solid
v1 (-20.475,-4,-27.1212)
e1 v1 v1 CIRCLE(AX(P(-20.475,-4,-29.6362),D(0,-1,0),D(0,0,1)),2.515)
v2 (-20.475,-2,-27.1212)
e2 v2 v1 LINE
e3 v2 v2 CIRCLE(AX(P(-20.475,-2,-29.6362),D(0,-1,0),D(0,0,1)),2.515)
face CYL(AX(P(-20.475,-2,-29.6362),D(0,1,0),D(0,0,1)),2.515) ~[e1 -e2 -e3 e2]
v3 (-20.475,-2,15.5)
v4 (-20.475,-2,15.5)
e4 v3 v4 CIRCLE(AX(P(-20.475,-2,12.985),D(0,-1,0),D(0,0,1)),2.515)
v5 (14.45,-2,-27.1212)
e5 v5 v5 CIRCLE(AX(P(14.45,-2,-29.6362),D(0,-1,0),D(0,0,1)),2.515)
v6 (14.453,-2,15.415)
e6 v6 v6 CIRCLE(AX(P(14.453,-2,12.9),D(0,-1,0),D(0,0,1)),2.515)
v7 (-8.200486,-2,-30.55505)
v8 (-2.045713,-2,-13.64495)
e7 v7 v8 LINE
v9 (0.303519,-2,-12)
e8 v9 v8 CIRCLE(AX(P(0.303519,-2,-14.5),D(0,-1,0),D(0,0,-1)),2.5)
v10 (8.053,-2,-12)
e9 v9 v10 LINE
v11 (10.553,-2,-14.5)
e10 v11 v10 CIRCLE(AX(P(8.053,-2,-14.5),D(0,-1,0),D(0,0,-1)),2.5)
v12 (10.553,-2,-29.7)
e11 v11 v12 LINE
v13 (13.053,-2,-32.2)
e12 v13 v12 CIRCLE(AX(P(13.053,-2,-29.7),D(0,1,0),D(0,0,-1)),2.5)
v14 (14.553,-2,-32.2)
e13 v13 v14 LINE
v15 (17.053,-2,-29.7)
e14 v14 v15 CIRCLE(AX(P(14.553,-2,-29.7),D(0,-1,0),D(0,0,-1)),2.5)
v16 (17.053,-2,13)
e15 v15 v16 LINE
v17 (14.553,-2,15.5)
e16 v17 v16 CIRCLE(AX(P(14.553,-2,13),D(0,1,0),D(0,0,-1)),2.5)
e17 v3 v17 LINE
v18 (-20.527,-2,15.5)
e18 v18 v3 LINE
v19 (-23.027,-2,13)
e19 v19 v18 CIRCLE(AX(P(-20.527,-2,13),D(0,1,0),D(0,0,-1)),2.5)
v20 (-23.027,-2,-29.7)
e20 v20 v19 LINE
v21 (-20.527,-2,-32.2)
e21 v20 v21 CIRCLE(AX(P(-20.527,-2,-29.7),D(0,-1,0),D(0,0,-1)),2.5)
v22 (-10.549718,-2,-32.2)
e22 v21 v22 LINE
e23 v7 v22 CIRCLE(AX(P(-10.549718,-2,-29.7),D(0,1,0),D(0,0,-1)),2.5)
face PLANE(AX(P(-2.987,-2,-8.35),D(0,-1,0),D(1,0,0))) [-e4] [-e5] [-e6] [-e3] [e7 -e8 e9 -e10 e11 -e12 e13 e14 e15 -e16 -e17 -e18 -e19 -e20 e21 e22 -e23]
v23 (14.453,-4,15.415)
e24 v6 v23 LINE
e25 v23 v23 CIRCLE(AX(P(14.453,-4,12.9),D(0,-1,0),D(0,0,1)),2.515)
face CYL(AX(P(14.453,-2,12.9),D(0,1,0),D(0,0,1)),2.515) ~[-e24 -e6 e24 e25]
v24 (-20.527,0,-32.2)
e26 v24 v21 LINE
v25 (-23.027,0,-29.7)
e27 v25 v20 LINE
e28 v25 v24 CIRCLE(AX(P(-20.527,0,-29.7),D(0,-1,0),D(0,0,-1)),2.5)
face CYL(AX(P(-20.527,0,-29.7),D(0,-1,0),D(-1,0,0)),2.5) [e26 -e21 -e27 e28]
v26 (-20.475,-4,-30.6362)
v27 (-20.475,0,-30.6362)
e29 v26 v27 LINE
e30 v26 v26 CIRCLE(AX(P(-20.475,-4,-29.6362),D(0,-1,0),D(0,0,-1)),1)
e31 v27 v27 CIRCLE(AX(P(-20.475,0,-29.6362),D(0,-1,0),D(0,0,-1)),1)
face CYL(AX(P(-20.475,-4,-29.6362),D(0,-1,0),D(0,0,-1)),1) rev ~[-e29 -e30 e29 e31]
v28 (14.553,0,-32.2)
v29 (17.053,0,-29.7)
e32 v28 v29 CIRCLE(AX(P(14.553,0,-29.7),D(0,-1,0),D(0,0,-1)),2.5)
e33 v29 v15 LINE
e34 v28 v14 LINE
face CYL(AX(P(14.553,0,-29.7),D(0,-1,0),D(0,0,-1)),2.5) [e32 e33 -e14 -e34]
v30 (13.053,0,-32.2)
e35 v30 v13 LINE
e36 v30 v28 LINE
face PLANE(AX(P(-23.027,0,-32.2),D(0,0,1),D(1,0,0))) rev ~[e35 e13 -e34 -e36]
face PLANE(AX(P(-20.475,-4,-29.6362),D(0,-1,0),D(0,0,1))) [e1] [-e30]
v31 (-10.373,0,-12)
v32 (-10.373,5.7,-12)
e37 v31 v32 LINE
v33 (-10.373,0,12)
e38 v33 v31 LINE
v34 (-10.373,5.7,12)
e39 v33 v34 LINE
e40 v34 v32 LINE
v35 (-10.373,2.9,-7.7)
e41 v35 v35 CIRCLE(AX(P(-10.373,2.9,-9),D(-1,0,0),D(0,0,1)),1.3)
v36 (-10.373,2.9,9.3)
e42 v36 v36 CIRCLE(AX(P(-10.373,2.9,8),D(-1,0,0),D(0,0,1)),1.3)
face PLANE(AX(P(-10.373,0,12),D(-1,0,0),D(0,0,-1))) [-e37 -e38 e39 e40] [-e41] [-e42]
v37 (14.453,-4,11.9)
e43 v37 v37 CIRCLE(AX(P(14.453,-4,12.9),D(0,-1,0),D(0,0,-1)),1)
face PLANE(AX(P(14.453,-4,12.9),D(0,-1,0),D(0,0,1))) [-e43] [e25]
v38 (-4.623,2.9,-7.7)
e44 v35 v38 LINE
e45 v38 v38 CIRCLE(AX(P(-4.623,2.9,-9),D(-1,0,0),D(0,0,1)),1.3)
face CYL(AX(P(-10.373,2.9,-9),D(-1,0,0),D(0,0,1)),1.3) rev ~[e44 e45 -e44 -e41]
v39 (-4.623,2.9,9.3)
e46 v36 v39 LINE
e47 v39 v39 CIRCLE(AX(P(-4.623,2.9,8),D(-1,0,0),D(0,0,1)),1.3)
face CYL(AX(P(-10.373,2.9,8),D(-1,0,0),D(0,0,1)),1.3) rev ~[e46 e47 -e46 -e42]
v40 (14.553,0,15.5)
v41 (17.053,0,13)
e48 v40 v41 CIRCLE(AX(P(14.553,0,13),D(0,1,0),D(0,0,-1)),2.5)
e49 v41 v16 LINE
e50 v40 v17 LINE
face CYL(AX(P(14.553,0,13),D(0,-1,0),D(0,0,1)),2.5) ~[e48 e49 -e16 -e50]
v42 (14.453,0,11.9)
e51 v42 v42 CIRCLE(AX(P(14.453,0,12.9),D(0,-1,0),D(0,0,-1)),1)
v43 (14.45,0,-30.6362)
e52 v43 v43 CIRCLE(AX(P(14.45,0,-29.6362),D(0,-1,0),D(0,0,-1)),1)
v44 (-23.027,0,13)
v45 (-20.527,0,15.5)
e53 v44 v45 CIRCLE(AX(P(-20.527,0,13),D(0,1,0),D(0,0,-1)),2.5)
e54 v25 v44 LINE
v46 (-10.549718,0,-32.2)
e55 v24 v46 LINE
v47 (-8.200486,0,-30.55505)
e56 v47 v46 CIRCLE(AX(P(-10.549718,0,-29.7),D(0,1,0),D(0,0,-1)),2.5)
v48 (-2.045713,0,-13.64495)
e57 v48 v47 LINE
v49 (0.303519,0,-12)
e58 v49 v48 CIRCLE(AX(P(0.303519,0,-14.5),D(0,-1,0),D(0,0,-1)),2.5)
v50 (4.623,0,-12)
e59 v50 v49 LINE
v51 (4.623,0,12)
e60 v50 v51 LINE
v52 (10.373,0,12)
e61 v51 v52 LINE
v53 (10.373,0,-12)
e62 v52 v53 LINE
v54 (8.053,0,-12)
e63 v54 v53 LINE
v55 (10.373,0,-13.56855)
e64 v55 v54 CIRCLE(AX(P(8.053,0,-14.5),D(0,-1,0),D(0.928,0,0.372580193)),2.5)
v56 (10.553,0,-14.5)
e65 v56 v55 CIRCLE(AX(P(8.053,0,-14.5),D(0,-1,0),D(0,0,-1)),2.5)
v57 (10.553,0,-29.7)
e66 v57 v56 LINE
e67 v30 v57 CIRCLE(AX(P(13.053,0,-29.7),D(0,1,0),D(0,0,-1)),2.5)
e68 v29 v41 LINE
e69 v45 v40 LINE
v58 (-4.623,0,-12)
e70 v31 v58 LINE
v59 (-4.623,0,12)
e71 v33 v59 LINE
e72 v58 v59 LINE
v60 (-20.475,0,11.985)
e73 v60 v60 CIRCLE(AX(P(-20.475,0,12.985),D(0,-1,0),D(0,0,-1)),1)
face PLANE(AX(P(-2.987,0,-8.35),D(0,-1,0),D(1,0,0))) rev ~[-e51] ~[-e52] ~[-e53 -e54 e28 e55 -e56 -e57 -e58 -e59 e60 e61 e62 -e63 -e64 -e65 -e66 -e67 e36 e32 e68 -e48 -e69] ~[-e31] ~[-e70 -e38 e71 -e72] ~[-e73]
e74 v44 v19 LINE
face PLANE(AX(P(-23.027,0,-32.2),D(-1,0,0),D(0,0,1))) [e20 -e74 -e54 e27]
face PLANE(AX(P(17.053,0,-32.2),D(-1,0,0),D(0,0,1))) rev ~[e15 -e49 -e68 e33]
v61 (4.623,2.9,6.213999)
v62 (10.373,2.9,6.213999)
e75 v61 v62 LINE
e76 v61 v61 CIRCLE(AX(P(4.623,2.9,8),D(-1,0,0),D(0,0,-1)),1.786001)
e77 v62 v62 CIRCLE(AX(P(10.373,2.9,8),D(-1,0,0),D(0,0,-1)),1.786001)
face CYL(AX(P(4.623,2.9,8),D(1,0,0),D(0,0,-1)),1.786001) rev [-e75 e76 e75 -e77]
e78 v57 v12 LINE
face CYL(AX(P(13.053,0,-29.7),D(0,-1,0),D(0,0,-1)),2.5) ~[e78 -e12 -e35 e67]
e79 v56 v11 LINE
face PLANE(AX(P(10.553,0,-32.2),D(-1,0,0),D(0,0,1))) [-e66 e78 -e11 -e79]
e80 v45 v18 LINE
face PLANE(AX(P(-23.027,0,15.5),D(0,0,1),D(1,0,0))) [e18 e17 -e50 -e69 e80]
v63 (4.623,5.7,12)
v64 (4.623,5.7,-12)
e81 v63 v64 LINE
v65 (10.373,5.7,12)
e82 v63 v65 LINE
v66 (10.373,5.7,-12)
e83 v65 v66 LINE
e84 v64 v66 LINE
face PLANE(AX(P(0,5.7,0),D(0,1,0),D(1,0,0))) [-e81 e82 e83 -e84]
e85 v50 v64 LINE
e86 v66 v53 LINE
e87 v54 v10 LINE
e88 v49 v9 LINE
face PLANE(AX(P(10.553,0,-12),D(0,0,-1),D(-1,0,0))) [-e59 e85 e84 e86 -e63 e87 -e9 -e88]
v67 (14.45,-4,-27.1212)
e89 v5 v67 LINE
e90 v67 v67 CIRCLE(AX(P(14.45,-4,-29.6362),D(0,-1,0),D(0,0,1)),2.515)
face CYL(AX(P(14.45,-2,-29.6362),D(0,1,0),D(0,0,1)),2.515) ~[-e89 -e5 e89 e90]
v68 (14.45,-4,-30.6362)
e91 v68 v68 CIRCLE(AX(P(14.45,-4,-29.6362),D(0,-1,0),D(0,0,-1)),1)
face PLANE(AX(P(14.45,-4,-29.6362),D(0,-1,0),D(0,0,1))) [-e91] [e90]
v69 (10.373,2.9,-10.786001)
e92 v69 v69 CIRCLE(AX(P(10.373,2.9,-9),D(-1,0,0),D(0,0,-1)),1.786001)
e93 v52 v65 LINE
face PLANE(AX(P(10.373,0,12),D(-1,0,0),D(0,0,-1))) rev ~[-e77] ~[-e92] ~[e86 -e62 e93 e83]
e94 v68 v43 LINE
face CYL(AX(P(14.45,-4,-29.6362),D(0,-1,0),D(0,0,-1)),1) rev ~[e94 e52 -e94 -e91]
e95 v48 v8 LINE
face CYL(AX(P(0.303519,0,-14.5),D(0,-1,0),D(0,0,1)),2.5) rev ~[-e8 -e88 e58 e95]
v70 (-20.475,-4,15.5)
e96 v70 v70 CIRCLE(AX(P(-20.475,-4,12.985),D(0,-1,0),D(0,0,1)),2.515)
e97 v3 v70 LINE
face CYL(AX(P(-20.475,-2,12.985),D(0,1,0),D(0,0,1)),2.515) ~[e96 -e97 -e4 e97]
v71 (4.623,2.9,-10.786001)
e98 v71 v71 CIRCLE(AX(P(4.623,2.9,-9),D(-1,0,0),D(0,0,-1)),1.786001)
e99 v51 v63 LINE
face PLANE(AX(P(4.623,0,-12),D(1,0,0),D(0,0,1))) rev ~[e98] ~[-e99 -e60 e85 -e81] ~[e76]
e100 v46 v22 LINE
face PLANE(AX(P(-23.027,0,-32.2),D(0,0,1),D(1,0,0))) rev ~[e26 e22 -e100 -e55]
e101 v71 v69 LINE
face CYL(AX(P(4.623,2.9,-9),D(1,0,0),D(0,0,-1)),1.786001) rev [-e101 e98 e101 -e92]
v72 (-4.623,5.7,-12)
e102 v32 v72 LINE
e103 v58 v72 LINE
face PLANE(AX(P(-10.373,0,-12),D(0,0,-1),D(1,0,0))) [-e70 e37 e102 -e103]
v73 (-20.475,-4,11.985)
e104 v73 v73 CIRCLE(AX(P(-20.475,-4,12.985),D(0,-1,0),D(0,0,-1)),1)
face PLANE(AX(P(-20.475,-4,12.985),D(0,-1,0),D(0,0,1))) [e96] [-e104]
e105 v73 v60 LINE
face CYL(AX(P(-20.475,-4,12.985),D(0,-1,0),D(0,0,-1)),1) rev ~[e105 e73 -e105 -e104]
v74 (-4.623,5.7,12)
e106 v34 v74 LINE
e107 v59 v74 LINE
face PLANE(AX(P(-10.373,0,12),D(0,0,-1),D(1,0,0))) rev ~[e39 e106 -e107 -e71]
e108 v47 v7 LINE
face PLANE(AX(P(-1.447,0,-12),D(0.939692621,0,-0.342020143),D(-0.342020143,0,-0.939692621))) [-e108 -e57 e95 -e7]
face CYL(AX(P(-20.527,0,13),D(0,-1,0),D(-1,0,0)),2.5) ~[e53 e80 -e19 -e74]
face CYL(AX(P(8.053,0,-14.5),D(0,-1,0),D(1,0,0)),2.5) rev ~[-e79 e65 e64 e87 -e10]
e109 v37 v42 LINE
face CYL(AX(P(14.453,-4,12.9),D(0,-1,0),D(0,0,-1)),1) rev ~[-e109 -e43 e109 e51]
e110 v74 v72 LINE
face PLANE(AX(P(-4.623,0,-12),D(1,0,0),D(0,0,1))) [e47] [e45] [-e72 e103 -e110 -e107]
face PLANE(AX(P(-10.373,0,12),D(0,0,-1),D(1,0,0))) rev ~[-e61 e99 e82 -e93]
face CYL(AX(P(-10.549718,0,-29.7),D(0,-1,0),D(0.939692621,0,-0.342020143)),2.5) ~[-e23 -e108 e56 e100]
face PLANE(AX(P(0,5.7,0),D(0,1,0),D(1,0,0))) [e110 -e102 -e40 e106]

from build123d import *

# Parameters (mm, degrees)
SKETCH1_W                                = 20.746
SKETCH1_H                                = 24
BOSS_EXTRUDE1_DEPTH                      = 5.7
SKETCH9_W                                = 9.246
SKETCH9_H                                = 24
CUT_EXTRUDE3_DEPTH                       = 17.854943755
F_9_64_0_14063_DIAMETER_HOLE1_AT_2_COUNT = 2
F_9_64_0_14063_DIAMETER_HOLE1_AT_2_PITCH = 17
SKETCH8_R                                = 1.3
CUT_EXTRUDE2_DEPTH                       = 5.75
SKETCH10_W                               = 40.08
SKETCH10_H                               = 47.7
BOSS_EXTRUDE2_DEPTH                      = 2
SKETCH11_R                               = 2.515
BOSS_EXTRUDE3_DEPTH                      = 2
SKETCH12_R                               = 1
CUT_EXTRUDE4_DEPTH                       = 41.757486785
FILLET2_R                                = 2.5
CUT_EXTRUDE5_DEPTH                       = 40.994658756
FILLET3_R                                = 2.5
CUT_EXTRUDE6_DEPTH                       = 5.7


with BuildPart() as part:
    # Sketch1 → Boss-Extrude1 (new body)
    with BuildSketch(Plane(origin=(0, 0, 0), x_dir=(1, 0, 0), z_dir=(0, 1, 0))):
        Rectangle(SKETCH1_W, SKETCH1_H)
    extrude(amount=BOSS_EXTRUDE1_DEPTH)

    # Sketch9 → Cut-Extrude3 (cut, through all)
    with BuildSketch(Plane.XZ):
        Rectangle(SKETCH9_W, SKETCH9_H)
    extrude(amount=-CUT_EXTRUDE3_DEPTH, mode=Mode.SUBTRACT)


with BuildPart() as cut_extrude3_piece_1:
    # of the separate pieces the step leaves, piece 1, a body of its own (cut_extrude3_pieces)
    add(part.part.solids().sort_by_distance((-10.373, 0, -12))[0])

    # Sketch8 → Cut-Extrude2 (cut)
    with BuildSketch(Plane.ZY.offset(10.373)):
        with Locations((8, 2.9)):
            Circle(SKETCH8_R)
        with Locations((-9, 2.9)):
            Circle(SKETCH8_R)
    extrude(amount=-CUT_EXTRUDE2_DEPTH, mode=Mode.SUBTRACT)



with BuildPart() as cut_extrude3_piece_2:
    # of the separate pieces the step leaves, piece 2, a body of its own (cut_extrude3_pieces)
    add(part.part.solids().sort_by_distance((4.623, 0, -12))[0])

    # Sketch7 → 9/64 (0.14063) Diameter Hole1 (revolve, cut)
    with BuildSketch(Plane(origin=(10.373, 2.9, -9), x_dir=(0, 0, -1), z_dir=(0, 1, 0))):
        Polygon((0, 0), (0, 6.823137666), (1.786001, 5.75), (1.786001, 0), align=None)
    f_9_64_0_14063_diameter_hole1 = revolve(axis=Axis((16.723, 2.9, -9), (-1, 0, 0)), mode=Mode.SUBTRACT)

    # 9/64 (0.14063) Diameter Hole1 at 2: 9/64 (0.14063) Diameter Hole1 ×2
    with Locations(*[(0, 0, i * F_9_64_0_14063_DIAMETER_HOLE1_AT_2_PITCH) for i in range(1, F_9_64_0_14063_DIAMETER_HOLE1_AT_2_COUNT)]):
        add(f_9_64_0_14063_diameter_hole1, mode=Mode.SUBTRACT)


with BuildPart() as cut_extrude3_piece_1_1:
    add(cut_extrude3_piece_1.part)

    add(cut_extrude3_piece_2.part)  # Boss-Extrude2 merges Cut-Extrude3 piece 2
    # Sketch10 → Boss-Extrude2 (add)
    with BuildSketch(Plane.XZ):
        with Locations((-2.987, -8.35)):
            Rectangle(SKETCH10_W, SKETCH10_H)
    extrude(amount=BOSS_EXTRUDE2_DEPTH)

    # Sketch11 → Boss-Extrude3 (add)
    with BuildSketch(Plane.XZ.offset(2)):
        with Locations(Location((14.453, 12.9, 0), (0, 0, 90))):
            Circle(SKETCH11_R)
        with Locations(Location((-20.475, 12.985, 0), (0, 0, 90))):
            Circle(SKETCH11_R)
        with Locations(Location((14.45, -29.6362, 0), (0, 0, 90))):
            Circle(SKETCH11_R)
        with Locations(Location((-20.475, -29.6362, 0), (0, 0, 90))):
            Circle(SKETCH11_R)
    extrude(amount=BOSS_EXTRUDE3_DEPTH)

    # Sketch12 → Cut-Extrude4 (cut, through all)
    with BuildSketch(Plane.XZ.offset(4)):
        with Locations(Location((14.453, 12.9, 0), (0, 0, 270))):
            Circle(SKETCH12_R)
        with Locations(Location((-20.475, 12.985, 0), (0, 0, 270))):
            Circle(SKETCH12_R)
        with Locations(Location((-20.475, -29.6362, 0), (0, 0, 270))):
            Circle(SKETCH12_R)
        with Locations(Location((14.45, -29.6362, 0), (0, 0, 270))):
            Circle(SKETCH12_R)
    extrude(amount=-CUT_EXTRUDE4_DEPTH, mode=Mode.SUBTRACT)

    # Fillet2
    fillet2_edges = [cut_extrude3_piece_1_1.edges().sort_by_distance(p)[0] for p in [
        (17.053, -1, -32.2),
        (17.053, -1, 15.5),
        (-23.027, -1, 15.5),
        (-23.027, -1, -32.2),
    ]]
    fillet(fillet2_edges, radius=FILLET2_R)

    # Sketch14 → Cut-Extrude5 (cut, through all)
    with BuildSketch(Plane(origin=(0, 0, 0), x_dir=(1, 0, 0), z_dir=(0, 1, 0))):
        Polygon((10.553, 32.2), (10.553, 12), (-1.447, 12), (-8.799198732, 32.2), align=None)
    extrude(amount=-CUT_EXTRUDE5_DEPTH, mode=Mode.SUBTRACT)

    # Fillet3
    fillet3_edges = [cut_extrude3_piece_1_1.edges().sort_by_distance(p)[0] for p in [
        (10.553, -1, -12),
        (-1.447, -1, -12),
        (10.553, -1, -32.2),
        (-8.799198732, -1, -32.2),
    ]]
    fillet(fillet3_edges, radius=FILLET3_R)

    # Sketch15 → Cut-Extrude6 (cut)
    with BuildSketch(Plane(origin=(0, 5.7, 0), x_dir=(1, 0, 0), z_dir=(0, 1, 0))):
        with BuildLine():
            Line((8.053, 12), (10.373, 12))
            Line((10.373, 12), (10.373, 13.568549518))
            ThreePointArc((10.373, 13.568549518), (9.453245299, 12.428934308), (8.053, 12))
        make_face()
    extrude(amount=-CUT_EXTRUDE6_DEPTH, mode=Mode.SUBTRACT)


solid = cut_extrude3_piece_1_1.part
